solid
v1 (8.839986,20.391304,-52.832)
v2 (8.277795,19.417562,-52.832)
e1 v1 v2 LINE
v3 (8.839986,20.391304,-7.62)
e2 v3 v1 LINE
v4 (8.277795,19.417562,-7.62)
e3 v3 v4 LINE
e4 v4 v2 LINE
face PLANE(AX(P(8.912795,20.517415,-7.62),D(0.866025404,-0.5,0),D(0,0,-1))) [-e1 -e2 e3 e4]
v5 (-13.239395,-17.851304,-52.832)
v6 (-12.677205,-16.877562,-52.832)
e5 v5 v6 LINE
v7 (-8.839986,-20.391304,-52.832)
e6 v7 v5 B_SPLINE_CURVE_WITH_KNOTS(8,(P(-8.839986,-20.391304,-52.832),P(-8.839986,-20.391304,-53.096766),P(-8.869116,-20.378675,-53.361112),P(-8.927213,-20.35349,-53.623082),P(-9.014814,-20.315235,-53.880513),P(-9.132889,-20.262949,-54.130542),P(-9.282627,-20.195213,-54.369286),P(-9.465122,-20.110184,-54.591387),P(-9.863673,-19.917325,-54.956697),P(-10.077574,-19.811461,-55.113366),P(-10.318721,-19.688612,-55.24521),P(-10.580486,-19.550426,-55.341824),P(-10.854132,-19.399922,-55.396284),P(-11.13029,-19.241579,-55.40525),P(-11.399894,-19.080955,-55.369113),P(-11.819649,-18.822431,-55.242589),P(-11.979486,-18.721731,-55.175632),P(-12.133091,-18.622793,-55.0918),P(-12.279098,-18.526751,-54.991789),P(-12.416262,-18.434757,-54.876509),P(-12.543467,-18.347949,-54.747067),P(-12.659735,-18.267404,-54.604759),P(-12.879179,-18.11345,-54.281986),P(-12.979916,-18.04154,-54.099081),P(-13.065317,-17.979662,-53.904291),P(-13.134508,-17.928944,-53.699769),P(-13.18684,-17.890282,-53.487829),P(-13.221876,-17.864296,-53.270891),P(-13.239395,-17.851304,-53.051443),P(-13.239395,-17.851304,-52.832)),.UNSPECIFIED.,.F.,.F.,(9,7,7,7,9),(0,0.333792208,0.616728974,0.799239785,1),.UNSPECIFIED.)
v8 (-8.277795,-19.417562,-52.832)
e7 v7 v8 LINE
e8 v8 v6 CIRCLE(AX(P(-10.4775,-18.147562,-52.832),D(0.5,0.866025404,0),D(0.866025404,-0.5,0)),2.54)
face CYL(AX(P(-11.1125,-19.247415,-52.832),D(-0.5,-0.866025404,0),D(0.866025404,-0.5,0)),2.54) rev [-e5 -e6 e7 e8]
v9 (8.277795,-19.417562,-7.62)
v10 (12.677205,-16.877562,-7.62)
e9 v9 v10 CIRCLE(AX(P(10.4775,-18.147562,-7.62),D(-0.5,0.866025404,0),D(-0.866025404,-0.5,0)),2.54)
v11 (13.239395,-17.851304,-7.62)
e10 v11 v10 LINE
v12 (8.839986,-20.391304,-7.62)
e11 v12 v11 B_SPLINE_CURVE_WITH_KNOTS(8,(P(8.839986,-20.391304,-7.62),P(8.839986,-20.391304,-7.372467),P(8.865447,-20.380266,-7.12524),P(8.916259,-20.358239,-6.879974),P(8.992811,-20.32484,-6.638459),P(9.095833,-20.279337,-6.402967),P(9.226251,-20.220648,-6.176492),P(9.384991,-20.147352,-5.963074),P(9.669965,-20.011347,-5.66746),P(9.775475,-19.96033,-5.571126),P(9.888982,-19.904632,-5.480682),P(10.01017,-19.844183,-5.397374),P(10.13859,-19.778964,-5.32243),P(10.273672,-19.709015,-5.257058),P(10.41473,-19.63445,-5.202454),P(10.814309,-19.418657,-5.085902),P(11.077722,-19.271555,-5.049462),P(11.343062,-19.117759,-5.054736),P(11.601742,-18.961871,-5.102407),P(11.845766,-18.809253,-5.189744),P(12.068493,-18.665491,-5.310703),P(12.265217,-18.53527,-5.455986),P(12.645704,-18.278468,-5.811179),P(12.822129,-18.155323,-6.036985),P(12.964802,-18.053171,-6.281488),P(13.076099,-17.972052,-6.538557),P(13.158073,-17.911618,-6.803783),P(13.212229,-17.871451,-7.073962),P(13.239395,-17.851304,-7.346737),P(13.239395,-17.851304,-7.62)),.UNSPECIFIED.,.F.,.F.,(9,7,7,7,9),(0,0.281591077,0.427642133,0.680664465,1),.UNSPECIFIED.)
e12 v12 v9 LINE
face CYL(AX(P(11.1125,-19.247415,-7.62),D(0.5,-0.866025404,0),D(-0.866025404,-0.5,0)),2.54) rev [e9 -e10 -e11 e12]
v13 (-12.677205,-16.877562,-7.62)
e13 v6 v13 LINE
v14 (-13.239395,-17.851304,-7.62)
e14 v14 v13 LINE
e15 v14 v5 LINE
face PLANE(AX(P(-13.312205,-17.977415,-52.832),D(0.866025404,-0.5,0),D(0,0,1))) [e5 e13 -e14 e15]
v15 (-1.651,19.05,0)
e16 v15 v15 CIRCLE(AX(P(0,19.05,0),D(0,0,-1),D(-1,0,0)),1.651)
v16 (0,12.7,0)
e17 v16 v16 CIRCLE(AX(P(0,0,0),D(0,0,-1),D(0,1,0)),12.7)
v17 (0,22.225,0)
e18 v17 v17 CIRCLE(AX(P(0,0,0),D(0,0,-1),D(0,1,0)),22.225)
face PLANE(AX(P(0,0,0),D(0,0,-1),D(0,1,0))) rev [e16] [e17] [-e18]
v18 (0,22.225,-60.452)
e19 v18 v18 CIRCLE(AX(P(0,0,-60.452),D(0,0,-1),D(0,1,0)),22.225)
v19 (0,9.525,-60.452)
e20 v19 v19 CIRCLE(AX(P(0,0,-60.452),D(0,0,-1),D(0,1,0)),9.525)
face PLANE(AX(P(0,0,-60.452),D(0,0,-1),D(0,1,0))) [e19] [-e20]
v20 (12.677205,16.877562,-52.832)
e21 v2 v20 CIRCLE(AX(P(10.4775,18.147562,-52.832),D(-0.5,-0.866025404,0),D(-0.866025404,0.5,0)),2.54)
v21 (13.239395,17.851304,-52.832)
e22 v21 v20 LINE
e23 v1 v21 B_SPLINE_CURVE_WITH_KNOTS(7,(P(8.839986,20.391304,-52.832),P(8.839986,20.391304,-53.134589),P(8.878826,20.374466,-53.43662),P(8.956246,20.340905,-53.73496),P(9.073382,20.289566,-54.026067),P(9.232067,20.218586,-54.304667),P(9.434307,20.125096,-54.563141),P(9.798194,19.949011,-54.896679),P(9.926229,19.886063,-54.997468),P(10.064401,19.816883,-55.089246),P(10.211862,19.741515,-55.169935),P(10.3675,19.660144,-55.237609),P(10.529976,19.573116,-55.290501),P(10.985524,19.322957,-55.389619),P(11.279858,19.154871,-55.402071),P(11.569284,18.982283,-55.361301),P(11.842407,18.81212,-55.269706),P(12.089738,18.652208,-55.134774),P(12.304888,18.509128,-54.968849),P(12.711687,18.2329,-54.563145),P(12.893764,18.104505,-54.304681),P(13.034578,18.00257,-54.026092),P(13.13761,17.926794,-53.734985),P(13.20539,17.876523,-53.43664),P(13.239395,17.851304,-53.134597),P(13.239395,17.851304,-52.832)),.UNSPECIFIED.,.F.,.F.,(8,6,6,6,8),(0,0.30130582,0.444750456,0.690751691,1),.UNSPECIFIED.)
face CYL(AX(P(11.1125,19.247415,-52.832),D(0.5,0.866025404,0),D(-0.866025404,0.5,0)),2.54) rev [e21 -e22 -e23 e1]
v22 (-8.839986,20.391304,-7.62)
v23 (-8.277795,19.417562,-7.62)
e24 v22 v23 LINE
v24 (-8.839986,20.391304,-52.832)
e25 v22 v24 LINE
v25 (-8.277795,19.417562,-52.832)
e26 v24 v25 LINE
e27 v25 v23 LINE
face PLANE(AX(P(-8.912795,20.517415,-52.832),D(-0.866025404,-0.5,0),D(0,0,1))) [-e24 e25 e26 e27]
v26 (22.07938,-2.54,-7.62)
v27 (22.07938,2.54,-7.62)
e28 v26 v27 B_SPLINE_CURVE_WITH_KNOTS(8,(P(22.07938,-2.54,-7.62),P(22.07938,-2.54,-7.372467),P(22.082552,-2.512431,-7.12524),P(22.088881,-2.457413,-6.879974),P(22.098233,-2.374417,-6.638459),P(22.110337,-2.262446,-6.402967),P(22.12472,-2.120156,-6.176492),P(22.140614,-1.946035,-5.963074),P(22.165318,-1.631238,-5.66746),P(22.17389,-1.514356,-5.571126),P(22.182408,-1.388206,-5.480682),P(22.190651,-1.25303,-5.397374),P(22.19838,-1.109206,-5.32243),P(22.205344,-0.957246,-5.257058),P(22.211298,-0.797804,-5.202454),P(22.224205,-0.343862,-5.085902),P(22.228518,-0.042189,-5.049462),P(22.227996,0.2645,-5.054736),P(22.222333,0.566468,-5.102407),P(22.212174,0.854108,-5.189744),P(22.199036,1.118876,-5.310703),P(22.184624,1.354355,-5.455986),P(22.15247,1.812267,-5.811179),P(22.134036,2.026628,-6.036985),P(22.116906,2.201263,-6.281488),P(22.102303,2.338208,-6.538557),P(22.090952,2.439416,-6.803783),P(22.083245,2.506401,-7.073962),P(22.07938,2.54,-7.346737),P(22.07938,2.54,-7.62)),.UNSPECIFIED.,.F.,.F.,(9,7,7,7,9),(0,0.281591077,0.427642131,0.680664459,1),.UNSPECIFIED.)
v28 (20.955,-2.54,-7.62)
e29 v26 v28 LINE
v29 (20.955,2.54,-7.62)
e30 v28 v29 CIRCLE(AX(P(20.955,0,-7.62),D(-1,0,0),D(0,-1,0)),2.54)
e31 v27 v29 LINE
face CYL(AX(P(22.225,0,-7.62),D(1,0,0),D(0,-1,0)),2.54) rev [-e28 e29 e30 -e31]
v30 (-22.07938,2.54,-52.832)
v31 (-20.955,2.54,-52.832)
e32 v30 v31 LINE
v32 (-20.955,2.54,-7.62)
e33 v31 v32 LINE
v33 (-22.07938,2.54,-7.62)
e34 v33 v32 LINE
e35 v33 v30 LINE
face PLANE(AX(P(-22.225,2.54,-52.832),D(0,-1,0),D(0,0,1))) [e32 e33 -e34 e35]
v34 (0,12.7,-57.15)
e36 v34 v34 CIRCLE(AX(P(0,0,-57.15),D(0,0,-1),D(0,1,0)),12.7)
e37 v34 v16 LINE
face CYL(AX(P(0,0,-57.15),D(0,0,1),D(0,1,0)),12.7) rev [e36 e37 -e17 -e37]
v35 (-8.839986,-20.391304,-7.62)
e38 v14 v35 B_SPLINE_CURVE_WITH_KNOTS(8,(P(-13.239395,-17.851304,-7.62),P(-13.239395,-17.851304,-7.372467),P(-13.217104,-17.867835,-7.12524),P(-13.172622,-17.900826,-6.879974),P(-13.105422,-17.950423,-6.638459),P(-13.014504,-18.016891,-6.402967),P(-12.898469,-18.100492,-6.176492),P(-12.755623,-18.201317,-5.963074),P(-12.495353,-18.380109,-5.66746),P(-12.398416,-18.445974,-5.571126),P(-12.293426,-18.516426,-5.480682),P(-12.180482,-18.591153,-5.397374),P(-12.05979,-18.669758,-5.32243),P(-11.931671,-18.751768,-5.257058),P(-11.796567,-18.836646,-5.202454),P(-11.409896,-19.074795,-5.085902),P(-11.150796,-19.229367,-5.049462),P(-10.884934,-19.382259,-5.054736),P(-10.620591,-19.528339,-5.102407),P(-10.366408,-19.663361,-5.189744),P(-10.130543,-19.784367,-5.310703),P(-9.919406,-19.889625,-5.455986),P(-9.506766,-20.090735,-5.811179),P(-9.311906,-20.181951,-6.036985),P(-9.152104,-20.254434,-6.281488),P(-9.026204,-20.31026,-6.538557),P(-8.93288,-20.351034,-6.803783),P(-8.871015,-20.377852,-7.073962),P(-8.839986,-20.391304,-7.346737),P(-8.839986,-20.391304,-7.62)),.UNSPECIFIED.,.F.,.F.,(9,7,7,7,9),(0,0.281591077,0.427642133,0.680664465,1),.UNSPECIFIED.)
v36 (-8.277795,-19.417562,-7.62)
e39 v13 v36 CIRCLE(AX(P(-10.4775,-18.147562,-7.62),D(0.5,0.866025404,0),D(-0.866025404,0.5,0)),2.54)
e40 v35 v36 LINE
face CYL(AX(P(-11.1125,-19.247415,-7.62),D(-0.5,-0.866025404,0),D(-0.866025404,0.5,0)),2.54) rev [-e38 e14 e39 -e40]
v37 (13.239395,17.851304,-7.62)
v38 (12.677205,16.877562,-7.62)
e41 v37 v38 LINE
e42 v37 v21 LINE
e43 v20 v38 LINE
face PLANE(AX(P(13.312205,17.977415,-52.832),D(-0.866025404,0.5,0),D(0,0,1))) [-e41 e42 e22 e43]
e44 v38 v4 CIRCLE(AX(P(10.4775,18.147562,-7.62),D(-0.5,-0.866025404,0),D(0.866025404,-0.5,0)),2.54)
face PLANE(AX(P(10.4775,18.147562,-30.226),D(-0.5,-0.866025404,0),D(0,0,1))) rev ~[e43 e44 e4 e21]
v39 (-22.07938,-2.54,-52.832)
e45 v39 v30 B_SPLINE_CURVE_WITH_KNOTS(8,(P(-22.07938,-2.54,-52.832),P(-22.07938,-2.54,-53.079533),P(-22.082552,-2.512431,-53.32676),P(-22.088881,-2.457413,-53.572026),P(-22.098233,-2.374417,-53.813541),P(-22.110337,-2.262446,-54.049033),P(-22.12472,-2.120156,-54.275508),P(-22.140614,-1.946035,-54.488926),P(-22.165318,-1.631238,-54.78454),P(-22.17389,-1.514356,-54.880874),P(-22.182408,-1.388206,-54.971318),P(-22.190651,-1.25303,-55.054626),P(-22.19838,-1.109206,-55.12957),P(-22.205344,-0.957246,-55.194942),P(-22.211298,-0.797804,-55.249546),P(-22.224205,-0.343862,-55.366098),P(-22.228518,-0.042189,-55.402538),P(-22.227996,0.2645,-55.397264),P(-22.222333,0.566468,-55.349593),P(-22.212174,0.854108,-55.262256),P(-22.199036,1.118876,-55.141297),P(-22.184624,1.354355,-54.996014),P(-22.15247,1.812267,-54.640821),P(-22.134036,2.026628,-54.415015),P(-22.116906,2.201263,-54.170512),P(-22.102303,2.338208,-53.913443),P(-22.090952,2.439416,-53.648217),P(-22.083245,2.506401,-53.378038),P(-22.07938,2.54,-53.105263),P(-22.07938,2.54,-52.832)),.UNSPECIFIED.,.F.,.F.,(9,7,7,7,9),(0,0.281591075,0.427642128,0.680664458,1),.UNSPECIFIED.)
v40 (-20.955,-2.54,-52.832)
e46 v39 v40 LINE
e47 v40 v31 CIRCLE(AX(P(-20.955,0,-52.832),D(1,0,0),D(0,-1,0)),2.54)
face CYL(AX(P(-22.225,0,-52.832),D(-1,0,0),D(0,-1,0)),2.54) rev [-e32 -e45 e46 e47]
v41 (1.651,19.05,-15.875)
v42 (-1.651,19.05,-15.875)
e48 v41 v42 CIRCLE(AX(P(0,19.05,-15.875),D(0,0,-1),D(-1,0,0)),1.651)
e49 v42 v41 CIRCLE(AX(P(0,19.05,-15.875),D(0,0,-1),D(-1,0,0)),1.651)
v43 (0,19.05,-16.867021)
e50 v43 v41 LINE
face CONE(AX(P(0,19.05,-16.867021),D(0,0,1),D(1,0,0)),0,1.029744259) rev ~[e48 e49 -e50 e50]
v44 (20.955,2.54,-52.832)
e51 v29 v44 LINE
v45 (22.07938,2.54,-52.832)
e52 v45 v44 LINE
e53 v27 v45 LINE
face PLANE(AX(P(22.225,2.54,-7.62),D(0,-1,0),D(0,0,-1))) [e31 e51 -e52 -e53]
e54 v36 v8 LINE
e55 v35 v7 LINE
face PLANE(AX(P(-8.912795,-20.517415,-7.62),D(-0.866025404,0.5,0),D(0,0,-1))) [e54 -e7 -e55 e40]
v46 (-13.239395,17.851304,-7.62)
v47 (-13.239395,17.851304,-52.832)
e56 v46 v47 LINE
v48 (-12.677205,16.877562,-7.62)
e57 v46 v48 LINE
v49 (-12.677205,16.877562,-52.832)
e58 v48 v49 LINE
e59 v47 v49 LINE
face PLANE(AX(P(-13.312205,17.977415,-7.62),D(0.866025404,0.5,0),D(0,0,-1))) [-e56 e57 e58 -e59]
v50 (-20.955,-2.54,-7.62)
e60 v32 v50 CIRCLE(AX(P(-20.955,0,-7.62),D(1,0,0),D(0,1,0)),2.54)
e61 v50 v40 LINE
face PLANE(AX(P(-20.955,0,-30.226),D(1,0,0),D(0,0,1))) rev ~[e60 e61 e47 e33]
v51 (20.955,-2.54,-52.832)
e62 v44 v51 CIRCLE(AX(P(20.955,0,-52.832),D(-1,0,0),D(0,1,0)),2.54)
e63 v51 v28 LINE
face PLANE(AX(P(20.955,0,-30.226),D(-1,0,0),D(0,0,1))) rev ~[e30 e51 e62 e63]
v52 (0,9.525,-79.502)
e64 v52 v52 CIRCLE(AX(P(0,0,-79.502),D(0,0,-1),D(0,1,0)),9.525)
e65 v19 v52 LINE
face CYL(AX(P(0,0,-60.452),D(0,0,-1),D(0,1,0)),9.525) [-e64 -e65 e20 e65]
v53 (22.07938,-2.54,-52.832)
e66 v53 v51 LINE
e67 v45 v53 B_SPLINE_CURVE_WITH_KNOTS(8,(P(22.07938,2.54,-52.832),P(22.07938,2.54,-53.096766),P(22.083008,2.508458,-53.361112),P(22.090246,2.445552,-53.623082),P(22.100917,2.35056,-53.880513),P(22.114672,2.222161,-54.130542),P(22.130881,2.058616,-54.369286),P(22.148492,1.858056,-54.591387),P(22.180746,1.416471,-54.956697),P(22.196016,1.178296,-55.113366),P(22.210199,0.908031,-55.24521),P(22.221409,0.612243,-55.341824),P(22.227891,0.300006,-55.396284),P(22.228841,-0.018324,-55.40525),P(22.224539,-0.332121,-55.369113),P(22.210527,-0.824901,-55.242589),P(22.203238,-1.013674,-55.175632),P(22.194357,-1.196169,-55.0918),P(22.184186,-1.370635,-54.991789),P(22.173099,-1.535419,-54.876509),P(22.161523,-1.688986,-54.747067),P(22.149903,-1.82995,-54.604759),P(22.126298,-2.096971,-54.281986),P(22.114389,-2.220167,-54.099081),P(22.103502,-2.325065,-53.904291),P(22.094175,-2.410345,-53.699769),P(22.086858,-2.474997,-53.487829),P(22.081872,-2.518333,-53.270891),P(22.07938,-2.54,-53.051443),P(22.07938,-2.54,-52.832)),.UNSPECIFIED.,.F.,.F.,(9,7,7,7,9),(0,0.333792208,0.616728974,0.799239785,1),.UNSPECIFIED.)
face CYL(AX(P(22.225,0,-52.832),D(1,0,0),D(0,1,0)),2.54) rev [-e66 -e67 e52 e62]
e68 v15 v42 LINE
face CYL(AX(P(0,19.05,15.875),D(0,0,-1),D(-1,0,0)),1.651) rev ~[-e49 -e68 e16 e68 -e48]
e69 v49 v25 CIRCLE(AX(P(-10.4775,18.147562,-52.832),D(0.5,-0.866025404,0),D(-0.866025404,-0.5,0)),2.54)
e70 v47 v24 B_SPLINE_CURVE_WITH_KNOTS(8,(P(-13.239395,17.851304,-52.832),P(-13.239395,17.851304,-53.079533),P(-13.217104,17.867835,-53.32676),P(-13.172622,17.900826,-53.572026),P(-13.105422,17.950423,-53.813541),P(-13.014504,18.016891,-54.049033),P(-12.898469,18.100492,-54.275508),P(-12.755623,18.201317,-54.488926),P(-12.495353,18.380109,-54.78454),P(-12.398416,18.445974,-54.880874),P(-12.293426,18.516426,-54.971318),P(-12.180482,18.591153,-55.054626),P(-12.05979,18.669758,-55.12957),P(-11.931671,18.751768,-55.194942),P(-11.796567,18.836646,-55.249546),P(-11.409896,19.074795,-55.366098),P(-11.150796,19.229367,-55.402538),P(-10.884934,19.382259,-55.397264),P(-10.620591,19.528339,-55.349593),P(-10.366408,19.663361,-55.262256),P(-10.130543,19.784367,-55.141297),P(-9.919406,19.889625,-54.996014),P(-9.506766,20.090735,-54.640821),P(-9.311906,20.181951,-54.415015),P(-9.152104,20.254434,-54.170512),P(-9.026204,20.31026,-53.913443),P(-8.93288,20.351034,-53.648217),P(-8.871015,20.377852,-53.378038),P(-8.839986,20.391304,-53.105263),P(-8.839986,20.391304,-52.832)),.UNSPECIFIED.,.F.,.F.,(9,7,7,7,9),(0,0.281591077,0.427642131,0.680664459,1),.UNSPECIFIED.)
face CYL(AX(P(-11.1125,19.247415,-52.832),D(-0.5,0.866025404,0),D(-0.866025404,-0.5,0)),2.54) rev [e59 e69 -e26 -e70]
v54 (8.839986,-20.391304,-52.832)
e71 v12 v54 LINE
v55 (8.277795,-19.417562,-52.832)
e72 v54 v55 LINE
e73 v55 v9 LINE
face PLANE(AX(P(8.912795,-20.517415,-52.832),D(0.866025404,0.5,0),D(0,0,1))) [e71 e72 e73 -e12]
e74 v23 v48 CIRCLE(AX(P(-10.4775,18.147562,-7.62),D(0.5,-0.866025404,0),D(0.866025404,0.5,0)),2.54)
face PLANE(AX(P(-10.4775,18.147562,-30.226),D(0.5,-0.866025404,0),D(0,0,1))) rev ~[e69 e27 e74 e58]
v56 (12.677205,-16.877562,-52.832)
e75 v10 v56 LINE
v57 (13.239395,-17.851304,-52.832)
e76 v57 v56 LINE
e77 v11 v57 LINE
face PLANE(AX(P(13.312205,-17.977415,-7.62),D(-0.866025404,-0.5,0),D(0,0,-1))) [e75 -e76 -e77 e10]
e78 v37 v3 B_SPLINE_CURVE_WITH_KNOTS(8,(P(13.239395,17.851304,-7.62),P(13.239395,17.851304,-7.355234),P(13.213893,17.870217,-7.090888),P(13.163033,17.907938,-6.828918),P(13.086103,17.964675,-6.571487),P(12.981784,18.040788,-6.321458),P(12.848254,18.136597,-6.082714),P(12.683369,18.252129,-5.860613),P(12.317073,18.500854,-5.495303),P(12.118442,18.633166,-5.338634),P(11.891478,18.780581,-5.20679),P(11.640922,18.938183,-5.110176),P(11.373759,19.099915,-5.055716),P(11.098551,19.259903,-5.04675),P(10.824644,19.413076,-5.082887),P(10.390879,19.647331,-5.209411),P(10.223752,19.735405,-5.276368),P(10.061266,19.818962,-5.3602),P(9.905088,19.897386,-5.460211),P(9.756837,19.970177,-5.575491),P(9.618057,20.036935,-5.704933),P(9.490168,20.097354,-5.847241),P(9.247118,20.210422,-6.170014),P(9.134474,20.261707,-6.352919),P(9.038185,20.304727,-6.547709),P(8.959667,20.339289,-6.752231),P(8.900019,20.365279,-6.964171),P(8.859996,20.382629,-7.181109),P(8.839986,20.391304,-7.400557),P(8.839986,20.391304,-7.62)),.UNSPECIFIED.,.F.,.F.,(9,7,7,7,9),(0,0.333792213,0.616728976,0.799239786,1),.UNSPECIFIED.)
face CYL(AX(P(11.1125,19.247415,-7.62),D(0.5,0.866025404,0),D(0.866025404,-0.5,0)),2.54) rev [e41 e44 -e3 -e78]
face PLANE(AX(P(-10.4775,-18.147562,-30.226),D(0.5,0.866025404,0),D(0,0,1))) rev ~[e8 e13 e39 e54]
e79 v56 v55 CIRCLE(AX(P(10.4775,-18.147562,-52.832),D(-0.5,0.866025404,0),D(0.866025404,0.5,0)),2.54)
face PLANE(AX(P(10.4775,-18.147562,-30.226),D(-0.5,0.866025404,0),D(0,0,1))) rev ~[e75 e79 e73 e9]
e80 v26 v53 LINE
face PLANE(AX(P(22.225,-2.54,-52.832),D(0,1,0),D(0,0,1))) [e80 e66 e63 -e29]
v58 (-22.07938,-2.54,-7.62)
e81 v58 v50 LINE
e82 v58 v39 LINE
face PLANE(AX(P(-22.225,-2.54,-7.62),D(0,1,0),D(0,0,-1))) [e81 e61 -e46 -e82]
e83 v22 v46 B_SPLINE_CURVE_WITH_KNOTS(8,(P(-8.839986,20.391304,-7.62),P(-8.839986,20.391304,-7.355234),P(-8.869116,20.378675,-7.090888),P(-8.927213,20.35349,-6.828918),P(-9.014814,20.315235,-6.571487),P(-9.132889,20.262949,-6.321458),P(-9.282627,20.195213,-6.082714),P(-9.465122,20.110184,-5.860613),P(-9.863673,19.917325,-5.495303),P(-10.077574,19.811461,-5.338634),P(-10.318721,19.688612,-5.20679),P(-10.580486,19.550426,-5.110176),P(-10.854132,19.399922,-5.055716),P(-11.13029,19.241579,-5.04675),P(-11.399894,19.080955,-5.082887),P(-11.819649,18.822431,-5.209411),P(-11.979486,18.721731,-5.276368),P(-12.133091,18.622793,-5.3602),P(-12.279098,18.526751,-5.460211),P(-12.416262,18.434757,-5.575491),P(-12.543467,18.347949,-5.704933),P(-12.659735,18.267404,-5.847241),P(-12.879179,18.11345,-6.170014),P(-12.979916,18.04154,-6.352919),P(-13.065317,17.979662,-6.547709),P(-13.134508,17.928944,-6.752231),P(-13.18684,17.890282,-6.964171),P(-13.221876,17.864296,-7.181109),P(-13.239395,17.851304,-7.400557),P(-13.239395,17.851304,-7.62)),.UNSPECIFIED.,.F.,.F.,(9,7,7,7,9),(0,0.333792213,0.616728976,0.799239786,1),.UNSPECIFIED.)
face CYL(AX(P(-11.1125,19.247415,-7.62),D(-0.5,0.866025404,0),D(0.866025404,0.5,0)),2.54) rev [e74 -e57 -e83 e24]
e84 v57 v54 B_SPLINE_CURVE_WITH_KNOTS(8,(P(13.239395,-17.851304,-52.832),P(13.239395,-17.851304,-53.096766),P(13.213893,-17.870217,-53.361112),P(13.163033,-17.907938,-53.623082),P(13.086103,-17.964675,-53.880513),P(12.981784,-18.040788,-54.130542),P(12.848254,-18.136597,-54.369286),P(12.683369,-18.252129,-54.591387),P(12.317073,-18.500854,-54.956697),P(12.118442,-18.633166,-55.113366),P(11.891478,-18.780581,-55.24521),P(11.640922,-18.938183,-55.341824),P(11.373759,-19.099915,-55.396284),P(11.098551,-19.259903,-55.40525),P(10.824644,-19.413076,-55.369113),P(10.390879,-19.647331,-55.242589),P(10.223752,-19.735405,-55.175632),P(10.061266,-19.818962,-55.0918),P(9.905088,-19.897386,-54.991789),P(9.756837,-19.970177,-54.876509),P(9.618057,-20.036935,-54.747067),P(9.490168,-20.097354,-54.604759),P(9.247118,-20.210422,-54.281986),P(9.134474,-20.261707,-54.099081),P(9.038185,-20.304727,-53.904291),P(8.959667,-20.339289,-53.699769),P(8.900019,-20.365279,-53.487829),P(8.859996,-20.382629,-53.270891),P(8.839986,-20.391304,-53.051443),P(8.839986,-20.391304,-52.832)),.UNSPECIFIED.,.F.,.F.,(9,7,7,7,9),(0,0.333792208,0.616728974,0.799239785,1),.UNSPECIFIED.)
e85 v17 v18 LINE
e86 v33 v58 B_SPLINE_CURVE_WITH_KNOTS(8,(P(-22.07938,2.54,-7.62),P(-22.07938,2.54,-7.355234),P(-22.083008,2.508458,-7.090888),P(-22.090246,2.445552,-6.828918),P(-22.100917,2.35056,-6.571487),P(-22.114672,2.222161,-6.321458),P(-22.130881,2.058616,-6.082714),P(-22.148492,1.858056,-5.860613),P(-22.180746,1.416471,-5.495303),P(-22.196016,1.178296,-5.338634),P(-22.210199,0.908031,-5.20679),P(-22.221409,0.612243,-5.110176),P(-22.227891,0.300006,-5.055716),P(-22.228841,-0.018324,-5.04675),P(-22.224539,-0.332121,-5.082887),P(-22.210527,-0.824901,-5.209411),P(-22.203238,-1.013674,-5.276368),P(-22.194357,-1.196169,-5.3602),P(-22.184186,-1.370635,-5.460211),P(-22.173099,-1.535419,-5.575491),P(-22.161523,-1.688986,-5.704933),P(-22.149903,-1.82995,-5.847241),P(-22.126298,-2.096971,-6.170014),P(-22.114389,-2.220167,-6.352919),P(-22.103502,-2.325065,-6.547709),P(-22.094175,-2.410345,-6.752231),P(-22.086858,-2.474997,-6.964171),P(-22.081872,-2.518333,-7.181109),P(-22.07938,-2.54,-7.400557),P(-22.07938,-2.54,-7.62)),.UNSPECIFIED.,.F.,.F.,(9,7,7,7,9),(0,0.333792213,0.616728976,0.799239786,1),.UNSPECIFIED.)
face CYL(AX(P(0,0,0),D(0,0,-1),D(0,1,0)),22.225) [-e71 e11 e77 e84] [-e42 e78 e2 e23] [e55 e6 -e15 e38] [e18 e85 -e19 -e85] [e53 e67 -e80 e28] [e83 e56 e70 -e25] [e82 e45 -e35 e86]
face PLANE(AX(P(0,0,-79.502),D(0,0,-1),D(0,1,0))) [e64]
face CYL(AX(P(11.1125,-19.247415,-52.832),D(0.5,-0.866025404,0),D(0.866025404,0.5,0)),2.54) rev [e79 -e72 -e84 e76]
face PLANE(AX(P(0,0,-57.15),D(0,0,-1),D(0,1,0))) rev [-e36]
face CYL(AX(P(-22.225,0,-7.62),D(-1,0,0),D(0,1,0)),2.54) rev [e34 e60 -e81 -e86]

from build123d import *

# Parameters (mm, degrees)
CUT_EXTRUDE1_DEPTH              = 1.27
CIRPATTERN1_COUNT               = 6
F_1_8_0_13_DIAMETER_HOLE1_D     = 3.302
F_1_8_0_13_DIAMETER_HOLE1_DEPTH = 15.875
F_1_8_0_13_DIAMETER_HOLE1_TIP   = 0.992020882


with BuildPart() as part:
    # Sketch1 → Revolve1 (revolve)
    with BuildSketch(Plane(origin=(0, 0, 0), x_dir=(0, 0, -1), z_dir=(1, 0, 0))):
        Polygon((0, 22.225), (60.452, 22.225), (60.452, 9.525), (79.502, 9.525), (79.502, 0), (57.15, 0), (57.15, 12.7), (0, 12.7), align=None)
    revolve(axis=Axis((0, 0, 0), (0, 0, -1)))

    # Sketch2 → Cut-Extrude1 (cut)
    with BuildSketch(Plane(origin=(22.225, 0, 0), x_dir=(0, 0, -1), z_dir=(1, 0, 0))):
        with BuildLine():
            Line((7.62, 2.54), (52.832, 2.54))
            ThreePointArc((52.832, 2.54), (55.372, 0), (52.832, -2.54))
            Line((52.832, -2.54), (7.62, -2.54))
            ThreePointArc((7.62, -2.54), (5.08, 0), (7.62, 2.54))
        make_face()
    cut_extrude1 = extrude(amount=-CUT_EXTRUDE1_DEPTH, mode=Mode.SUBTRACT)

    # CirPattern1: Cut-Extrude1 ×6 about axis
    cirpattern1_axis = Axis((0, 0, 0), (0, 0, 1))
    for i in range(1, CIRPATTERN1_COUNT):
        add(cut_extrude1.rotate(cirpattern1_axis, i * 360 / CIRPATTERN1_COUNT), mode=Mode.SUBTRACT)

    # 1/8 (0.13) Diameter Hole1
    with Locations(Plane.XY):
        with Locations((0, 19.05)):
            Hole(F_1_8_0_13_DIAMETER_HOLE1_D / 2, depth=F_1_8_0_13_DIAMETER_HOLE1_DEPTH)
            with Locations((0, 0, -(F_1_8_0_13_DIAMETER_HOLE1_DEPTH + F_1_8_0_13_DIAMETER_HOLE1_TIP / 2))):  # 118° drill point
                Cone(0, F_1_8_0_13_DIAMETER_HOLE1_D / 2, F_1_8_0_13_DIAMETER_HOLE1_TIP, mode=Mode.SUBTRACT)


solid = part.part
